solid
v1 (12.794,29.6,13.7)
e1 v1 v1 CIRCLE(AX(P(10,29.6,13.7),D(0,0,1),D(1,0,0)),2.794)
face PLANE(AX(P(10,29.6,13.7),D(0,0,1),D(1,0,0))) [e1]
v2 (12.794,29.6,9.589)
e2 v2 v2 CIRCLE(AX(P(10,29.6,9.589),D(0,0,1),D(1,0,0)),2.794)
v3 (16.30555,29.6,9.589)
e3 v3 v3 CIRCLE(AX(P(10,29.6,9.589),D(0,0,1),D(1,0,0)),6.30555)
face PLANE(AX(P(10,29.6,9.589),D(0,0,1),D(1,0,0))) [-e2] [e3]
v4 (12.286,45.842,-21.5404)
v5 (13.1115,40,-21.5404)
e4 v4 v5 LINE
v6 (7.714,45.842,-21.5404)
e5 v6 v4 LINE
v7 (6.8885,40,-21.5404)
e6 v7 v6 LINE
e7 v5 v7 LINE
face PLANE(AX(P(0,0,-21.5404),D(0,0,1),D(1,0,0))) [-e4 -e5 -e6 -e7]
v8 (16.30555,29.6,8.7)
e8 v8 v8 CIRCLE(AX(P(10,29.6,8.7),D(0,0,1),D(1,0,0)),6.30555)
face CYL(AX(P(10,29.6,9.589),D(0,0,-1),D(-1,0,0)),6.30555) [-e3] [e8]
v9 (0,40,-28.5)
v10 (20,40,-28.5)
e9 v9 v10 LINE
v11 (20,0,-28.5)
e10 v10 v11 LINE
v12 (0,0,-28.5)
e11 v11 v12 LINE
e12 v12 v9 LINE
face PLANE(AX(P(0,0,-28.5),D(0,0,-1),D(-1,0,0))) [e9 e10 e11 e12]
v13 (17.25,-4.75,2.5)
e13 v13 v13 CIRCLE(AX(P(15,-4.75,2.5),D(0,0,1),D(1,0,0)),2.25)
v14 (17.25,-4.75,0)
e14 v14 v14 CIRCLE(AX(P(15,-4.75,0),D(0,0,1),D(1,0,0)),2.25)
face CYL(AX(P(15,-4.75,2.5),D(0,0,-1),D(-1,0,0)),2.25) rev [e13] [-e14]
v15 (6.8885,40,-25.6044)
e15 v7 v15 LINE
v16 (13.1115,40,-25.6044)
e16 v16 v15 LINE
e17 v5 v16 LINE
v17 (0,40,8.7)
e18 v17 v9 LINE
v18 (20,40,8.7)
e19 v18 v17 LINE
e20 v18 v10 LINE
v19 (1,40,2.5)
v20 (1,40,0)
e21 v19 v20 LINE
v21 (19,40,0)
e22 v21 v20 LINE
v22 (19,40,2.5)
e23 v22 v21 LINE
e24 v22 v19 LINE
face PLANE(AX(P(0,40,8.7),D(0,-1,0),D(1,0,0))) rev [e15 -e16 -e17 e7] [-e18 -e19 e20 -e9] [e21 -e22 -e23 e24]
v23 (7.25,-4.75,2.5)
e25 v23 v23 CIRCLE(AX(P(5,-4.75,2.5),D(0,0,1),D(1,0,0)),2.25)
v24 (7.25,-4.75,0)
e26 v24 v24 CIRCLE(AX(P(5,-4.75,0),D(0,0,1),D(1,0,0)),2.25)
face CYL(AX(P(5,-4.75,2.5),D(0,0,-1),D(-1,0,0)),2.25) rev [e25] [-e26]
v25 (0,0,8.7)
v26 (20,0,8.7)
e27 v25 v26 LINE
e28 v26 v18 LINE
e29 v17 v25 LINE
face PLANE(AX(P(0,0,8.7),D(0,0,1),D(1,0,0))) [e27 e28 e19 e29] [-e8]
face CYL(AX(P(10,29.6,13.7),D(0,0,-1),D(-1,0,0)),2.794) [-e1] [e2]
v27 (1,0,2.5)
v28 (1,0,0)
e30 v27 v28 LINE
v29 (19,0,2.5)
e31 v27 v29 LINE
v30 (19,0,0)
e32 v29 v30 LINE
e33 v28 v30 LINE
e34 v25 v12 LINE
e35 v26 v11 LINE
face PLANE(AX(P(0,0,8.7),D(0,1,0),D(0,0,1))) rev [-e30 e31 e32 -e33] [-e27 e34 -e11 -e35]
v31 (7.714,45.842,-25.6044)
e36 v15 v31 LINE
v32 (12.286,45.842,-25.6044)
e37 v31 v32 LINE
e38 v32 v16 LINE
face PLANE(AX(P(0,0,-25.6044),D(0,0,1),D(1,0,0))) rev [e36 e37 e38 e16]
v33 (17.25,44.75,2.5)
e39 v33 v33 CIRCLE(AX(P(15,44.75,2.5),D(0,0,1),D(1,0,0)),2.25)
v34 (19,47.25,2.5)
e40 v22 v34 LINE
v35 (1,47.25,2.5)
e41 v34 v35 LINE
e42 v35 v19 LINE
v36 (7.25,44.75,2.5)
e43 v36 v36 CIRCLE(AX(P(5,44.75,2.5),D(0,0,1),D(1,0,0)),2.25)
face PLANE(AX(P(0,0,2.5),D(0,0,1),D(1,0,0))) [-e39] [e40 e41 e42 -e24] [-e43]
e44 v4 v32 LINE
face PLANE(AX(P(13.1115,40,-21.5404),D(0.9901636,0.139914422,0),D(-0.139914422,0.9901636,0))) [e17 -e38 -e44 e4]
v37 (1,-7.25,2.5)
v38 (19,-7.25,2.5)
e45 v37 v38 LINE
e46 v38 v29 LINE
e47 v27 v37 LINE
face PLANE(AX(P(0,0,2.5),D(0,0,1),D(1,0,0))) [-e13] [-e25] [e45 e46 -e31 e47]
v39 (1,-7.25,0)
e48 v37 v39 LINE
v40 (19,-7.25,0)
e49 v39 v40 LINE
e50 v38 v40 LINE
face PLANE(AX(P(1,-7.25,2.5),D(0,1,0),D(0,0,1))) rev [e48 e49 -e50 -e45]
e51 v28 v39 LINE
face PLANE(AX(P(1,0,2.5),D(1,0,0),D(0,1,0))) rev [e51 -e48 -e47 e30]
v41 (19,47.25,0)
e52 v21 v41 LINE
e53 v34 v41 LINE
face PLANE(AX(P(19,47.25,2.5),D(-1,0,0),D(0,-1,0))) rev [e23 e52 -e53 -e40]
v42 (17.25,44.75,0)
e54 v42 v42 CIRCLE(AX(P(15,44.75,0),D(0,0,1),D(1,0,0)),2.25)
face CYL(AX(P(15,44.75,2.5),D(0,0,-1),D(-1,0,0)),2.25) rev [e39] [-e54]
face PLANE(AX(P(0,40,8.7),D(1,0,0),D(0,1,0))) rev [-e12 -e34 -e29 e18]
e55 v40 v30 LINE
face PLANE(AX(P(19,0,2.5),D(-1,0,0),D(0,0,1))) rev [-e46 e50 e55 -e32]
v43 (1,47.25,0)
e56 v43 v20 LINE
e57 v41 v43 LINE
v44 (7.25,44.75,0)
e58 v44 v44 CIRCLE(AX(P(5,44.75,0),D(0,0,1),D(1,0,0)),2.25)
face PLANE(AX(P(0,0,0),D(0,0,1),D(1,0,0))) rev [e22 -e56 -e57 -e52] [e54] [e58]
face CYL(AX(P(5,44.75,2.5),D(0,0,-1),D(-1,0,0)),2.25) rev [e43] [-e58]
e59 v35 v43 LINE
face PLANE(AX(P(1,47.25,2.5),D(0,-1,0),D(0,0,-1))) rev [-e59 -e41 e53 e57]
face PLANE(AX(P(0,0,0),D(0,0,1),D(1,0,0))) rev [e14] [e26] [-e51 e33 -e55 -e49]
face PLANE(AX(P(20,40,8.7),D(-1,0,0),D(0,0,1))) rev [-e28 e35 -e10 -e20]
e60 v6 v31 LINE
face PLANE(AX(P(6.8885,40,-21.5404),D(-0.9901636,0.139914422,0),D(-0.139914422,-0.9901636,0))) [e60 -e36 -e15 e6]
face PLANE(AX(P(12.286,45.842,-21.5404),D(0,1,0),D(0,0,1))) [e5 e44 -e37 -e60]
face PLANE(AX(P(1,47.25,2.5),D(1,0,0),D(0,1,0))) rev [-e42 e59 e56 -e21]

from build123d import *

# Parameters (mm, degrees)
SKETCH1_W           = 20
SKETCH1_H           = 40
BOSS_EXTRUDE1_DEPTH = 8.7
SKETCH2_W           = 20
SKETCH2_H           = 40
BOSS_EXTRUDE2_DEPTH = 28.5
SKETCH3_R           = 2.25
BOSS_EXTRUDE3_DEPTH = 2.5
SKETCH4_R           = 2.794
BOSS_EXTRUDE4_DEPTH = 5
BOSS_EXTRUDE6_DEPTH = 6.9596
SKETCH10_R          = 6.30555
BOSS_EXTRUDE7_DEPTH = 0.889
CUT_EXTRUDE1_DEPTH  = 2.8956


with BuildPart() as part:
    # Sketch1 → Boss-Extrude1 (new body)
    with BuildSketch(Plane.XY):
        with Locations((10, 20)):
            Rectangle(SKETCH1_W, SKETCH1_H)
    extrude(amount=BOSS_EXTRUDE1_DEPTH)

    # Sketch2 → Boss-Extrude2 (add)
    with BuildSketch(Plane(origin=(0, 0, 0), x_dir=(-1, 0, 0), z_dir=(0, 0, -1))):
        with Locations((-10, 20)):
            Rectangle(SKETCH2_W, SKETCH2_H)
    extrude(amount=BOSS_EXTRUDE2_DEPTH)

    # Sketch3 → Boss-Extrude3 (add)
    with BuildSketch(Plane.XY):
        Polygon((19, 0), (19, -7.25), (1, -7.25), (1, 0), (0, 0), (0, 40), (1, 40), (1, 47.25), (19, 47.25), (19, 40), (20, 40), (20, 0), align=None)
        with Locations((5, -4.75)):
            Circle(SKETCH3_R, mode=Mode.SUBTRACT)
        with Locations((15, -4.75)):
            Circle(SKETCH3_R, mode=Mode.SUBTRACT)
        with Locations((5, 44.75)):
            Circle(SKETCH3_R, mode=Mode.SUBTRACT)
        with Locations((15, 44.75)):
            Circle(SKETCH3_R, mode=Mode.SUBTRACT)
    extrude(amount=BOSS_EXTRUDE3_DEPTH)

    # Sketch4 → Boss-Extrude4 (add)
    with BuildSketch(Plane.XY.offset(8.7)):
        with Locations((10, 29.6)):
            Circle(SKETCH4_R)
    extrude(amount=BOSS_EXTRUDE4_DEPTH)

    # Sketch9 → Boss-Extrude6 (add)
    with BuildSketch(Plane(origin=(0, 0, -28.5), x_dir=(-1, 0, 0), z_dir=(0, 0, -1))):
        Polygon((-13.1115, 40), (-6.8885, 40), (-7.714, 45.842), (-12.286, 45.842), align=None)
    extrude(amount=-BOSS_EXTRUDE6_DEPTH)

    # Sketch10 → Boss-Extrude7 (add)
    with BuildSketch(Plane.XY.offset(8.7)):
        with Locations((10, 29.6)):
            Circle(SKETCH10_R)
    extrude(amount=BOSS_EXTRUDE7_DEPTH)

    # Sketch11 → Cut-Extrude1 (cut)
    with BuildSketch(Plane(origin=(0, 0, -28.5), x_dir=(-1, 0, 0), z_dir=(0, 0, -1))):
        Polygon((-12.286, 45.842), (-7.714, 45.842), (-6.8885, 40), (-13.1115, 40), align=None)
    extrude(amount=-CUT_EXTRUDE1_DEPTH, mode=Mode.SUBTRACT)


solid = part.part
